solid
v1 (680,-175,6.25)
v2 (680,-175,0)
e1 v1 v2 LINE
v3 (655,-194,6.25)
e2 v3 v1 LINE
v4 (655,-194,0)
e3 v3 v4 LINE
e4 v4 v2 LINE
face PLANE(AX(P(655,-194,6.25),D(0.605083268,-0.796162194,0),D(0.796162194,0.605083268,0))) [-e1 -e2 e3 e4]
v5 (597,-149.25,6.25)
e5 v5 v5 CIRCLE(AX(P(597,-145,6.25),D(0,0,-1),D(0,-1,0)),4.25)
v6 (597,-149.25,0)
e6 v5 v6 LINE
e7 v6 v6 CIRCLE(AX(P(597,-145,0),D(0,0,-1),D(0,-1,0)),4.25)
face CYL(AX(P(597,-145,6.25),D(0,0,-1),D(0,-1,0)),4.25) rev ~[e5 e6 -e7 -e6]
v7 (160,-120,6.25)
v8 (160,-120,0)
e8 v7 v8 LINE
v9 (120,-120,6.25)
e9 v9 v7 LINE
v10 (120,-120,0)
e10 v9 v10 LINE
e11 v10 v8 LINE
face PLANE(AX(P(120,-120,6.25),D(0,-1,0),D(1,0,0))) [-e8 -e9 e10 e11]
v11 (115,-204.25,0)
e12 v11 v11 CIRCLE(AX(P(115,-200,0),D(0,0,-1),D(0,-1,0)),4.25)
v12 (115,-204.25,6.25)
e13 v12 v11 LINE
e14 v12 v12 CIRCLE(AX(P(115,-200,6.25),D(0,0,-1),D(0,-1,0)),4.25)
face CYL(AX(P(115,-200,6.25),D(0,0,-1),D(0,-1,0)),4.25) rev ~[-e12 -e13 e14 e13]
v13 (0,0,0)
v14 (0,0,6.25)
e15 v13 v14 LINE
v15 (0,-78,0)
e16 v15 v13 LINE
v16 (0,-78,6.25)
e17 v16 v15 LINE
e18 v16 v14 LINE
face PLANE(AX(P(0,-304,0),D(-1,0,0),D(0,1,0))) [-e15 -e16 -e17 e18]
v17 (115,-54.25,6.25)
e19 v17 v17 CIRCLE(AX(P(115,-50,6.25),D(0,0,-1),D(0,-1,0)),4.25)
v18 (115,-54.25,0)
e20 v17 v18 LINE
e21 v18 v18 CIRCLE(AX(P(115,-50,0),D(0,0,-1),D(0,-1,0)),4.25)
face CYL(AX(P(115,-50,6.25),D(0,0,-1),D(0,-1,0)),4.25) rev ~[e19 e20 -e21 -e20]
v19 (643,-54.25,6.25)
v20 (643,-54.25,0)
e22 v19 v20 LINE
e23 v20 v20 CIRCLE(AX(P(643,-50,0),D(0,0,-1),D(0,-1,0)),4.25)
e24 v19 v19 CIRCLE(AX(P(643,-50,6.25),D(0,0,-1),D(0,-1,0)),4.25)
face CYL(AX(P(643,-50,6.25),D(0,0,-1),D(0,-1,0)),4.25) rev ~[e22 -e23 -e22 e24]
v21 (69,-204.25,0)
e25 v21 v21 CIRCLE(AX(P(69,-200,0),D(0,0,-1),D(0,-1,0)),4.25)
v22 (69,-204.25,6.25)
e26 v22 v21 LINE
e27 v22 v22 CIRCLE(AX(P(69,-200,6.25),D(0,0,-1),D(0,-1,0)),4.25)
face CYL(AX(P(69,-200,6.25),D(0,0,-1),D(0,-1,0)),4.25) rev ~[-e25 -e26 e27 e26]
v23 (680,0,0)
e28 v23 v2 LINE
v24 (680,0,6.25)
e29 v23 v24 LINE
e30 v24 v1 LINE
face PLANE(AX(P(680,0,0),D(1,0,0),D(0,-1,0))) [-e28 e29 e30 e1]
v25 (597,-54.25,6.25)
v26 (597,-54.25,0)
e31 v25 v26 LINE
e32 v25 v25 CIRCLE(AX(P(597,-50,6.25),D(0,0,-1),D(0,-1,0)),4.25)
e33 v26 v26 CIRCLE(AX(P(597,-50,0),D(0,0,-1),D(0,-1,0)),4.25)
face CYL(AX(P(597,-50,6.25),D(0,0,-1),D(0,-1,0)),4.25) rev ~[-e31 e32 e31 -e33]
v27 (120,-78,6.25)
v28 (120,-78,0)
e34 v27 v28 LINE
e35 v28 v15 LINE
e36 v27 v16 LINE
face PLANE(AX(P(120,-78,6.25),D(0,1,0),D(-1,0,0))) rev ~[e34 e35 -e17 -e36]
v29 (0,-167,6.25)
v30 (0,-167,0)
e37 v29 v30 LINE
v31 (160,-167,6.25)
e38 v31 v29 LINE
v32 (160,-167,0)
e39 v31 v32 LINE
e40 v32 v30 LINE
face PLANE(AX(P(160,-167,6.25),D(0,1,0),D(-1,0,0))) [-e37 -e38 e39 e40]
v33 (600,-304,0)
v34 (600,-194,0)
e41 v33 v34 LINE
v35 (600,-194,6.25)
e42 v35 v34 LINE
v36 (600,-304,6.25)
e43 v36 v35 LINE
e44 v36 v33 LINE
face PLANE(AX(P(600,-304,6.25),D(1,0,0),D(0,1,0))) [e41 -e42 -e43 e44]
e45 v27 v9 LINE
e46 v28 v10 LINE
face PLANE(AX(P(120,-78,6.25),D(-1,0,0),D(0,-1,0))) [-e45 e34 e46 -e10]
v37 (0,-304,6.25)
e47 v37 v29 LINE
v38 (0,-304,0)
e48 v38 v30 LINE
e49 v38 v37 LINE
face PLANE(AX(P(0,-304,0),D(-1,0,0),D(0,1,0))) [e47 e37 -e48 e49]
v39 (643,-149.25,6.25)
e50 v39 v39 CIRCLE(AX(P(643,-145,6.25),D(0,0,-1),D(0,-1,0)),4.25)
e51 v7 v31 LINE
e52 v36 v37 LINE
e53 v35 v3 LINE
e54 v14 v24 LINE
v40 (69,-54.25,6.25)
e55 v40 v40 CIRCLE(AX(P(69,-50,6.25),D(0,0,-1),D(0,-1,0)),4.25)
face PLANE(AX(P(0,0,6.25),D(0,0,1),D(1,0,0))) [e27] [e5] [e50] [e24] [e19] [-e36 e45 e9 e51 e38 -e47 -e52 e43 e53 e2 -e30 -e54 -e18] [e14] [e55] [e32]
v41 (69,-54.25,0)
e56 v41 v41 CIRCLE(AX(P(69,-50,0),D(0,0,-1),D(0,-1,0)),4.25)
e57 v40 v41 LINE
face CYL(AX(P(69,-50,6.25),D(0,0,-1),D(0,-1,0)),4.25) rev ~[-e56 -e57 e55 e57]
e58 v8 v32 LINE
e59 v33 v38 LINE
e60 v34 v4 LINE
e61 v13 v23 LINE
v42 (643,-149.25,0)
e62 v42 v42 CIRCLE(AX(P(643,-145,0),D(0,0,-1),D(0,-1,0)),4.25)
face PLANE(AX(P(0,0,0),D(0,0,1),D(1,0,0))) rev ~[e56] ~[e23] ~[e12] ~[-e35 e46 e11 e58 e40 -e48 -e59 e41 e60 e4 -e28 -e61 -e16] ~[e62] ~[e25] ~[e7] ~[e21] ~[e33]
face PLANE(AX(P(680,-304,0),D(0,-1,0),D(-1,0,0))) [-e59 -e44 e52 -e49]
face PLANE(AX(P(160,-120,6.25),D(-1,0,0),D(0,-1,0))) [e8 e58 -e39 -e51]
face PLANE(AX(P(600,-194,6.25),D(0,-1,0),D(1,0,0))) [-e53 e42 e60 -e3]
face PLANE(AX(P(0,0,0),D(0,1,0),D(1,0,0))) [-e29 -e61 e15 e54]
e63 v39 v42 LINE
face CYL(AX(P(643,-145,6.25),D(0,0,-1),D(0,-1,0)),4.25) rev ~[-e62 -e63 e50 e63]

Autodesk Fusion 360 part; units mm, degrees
sketch "Sketch1" plane through (0, 0, 0) normal (0, 0, 1) x (1, 0, 0)
  line L0 (0, 0) -> (680, 0)
  line L1 (680, 0) -> (680, -304)
  line L2 (680, -304) -> (0, -304)
  line L3 (0, -304) -> (0, 0)
  dimension "d1" = 680
  dimension "d2" = 304
extrude "Extrude1" add sketch "Sketch1" along normal blind 6.25
sketch "Sketch2" plane through (0, 0, 6.25) normal (0, 0, 1) x (-1, 0, 0)
  line L0 (0, 304) -> (-680, 304)
  line L1 (-680, 304) -> (-680, 0)
  line L2 (-680, 0) -> (0, 0)
  line L3 (0, 0) -> (0, 304)
  line L4 (-160, 120) -> (-160, 167)
  line L5 (-160, 167) -> (0, 167)
  line L6 (0, 167) -> (0, 78)
  line L7 (-120, 78) -> (-120, 120)
  line L8 (-120, 120) -> (-160, 120)
  line L9 (-120, 78) -> (0, 78)
  line L10 (-680, 304) -> (-600, 304)
  line L11 (-600, 304) -> (-600, 194)
  line L12 (-600, 194) -> (-655, 194)
  line L13 (-680, 175) -> (-680, 304)
  line L14 (-655, 194) -> (-680, 175)
  dimension "d10" = 120
  dimension "d11" = 42
  dimension "d12" = 47
  dimension "d13" = 120
  dimension "d14" = 160
  dimension "d15" = 110
  dimension "d19" = 129
  dimension "d20" = 55
  dimension "d21" = 80
extrude "Extrude3" cut sketch "Sketch2" against normal blind 6.25 contours L0 L1 L10 L11 L12 L13 L14 | L3 L4 L5 L6 L7 L8 L9
sketch "Sketch4" plane through (0, 0, 6.25) normal (0, 0, 1) x (-1, 0, 0)
  line L0 (-160, 167) -> (0, 167)
  line L1 (0, 167) -> (0, 304)
  line L2 (0, 304) -> (-600, 304)
  line L3 (-600, 304) -> (-600, 194)
  line L4 (-600, 194) -> (-655, 194)
  line L5 (-655, 194) -> (-680, 175)
  line L6 (-680, 175) -> (-680, 0)
  line L7 (-680, 0) -> (0, 0)
  line L8 (0, 0) -> (0, 78)
  line L9 (0, 78) -> (-120, 78)
  line L10 (-120, 78) -> (-120, 120)
  line L11 (-120, 120) -> (-160, 120)
  line L12 (-160, 120) -> (-160, 167)
  line L13 (-69, 200) -> (-115, 200) construction
  line L14 (-597, 145) -> (-643, 145) construction
  line L15 (-115, 50) -> (-69, 50) construction
  line L16 (-597, 50) -> (-643, 50) construction
  point P0 (-643, 145)
  point P1 (-597, 145)
  point P2 (-115, 200)
  point P3 (-69, 200)
  point P4 (-115, 50)
  point P5 (-69, 50)
  point P6 (-597, 50)
  point P7 (-643, 50)
  dimension "d33" = 46
  dimension "d35" = 150
  dimension "d36" = 50
  dimension "d37" = 95
  dimension "d38" = 115
  dimension "d44" = 83
hole "Hole2" at (597, -145, 6.25) at (643, -145, 6.25) at (115, -200, 6.25) at (69, -200, 6.25) at (115, -50, 6.25) at (69, -50, 6.25) at (643, -50, 6.25) at (597, -50, 6.25) direction (0, 0, -1) diameter 8.5 depth 6.25 tip angle 118
sketch "Sketch5" plane through (0, 0, 6.25) normal (0, 0, 1) x (-1, 0, 0)
  circle A0 centre (-643, 50) radius 4.25
  circle A1 centre (-115, 50) radius 4.25
  circle A2 centre (-115, 200) radius 4.25
  circle A3 centre (-597, 145) radius 4.25
  circle A4 centre (-643, 145) radius 4.25
  circle A5 centre (-69, 200) radius 4.25
  circle A6 centre (-69, 50) radius 4.25
  circle A7 centre (-597, 50) radius 4.25
  line L0 (-160, 167) -> (0, 167)
  line L1 (0, 167) -> (0, 304)
  line L2 (0, 304) -> (-600, 304)
  line L3 (-600, 304) -> (-600, 194)
  line L4 (-600, 194) -> (-655, 194)
  line L5 (-655, 194) -> (-680, 175)
  line L6 (-680, 175) -> (-680, 0)
  line L7 (-680, 0) -> (0, 0)
  line L8 (0, 0) -> (0, 78)
  line L9 (0, 78) -> (-120, 78)
  line L10 (-120, 78) -> (-120, 120)
  line L11 (-120, 120) -> (-160, 120)
  line L12 (-160, 120) -> (-160, 167)
  line L13 (-225, 0) -> (-225, 130) construction
  line L14 (-587, 0) -> (-587, 304) construction
  line L15 (-390, 0) -> (-390, 304) construction
  line L16 (-225, 130) -> (-160, 130) construction
  line L17 (-347.9611, 97.8111) -> (-427.9611, 97.8111) construction
  line L18 (-427.9611, 97.8111) -> (-427.9611, 77.8111) construction
  line L19 (-427.9611, 77.8111) -> (-347.9611, 77.8111) construction
  line L20 (-347.9611, 77.8111) -> (-347.9611, 97.8111) construction
  line L21 (-560, 0) -> (-560, 304) construction
  dimension "d39" = 225
  dimension "d41" = 390
  dimension "d42" = 130
  dimension "d43" = 10
  dimension "d46" = 170
  dimension "d47" = 93
equation "d19 = 304 mm - 175 mm"
